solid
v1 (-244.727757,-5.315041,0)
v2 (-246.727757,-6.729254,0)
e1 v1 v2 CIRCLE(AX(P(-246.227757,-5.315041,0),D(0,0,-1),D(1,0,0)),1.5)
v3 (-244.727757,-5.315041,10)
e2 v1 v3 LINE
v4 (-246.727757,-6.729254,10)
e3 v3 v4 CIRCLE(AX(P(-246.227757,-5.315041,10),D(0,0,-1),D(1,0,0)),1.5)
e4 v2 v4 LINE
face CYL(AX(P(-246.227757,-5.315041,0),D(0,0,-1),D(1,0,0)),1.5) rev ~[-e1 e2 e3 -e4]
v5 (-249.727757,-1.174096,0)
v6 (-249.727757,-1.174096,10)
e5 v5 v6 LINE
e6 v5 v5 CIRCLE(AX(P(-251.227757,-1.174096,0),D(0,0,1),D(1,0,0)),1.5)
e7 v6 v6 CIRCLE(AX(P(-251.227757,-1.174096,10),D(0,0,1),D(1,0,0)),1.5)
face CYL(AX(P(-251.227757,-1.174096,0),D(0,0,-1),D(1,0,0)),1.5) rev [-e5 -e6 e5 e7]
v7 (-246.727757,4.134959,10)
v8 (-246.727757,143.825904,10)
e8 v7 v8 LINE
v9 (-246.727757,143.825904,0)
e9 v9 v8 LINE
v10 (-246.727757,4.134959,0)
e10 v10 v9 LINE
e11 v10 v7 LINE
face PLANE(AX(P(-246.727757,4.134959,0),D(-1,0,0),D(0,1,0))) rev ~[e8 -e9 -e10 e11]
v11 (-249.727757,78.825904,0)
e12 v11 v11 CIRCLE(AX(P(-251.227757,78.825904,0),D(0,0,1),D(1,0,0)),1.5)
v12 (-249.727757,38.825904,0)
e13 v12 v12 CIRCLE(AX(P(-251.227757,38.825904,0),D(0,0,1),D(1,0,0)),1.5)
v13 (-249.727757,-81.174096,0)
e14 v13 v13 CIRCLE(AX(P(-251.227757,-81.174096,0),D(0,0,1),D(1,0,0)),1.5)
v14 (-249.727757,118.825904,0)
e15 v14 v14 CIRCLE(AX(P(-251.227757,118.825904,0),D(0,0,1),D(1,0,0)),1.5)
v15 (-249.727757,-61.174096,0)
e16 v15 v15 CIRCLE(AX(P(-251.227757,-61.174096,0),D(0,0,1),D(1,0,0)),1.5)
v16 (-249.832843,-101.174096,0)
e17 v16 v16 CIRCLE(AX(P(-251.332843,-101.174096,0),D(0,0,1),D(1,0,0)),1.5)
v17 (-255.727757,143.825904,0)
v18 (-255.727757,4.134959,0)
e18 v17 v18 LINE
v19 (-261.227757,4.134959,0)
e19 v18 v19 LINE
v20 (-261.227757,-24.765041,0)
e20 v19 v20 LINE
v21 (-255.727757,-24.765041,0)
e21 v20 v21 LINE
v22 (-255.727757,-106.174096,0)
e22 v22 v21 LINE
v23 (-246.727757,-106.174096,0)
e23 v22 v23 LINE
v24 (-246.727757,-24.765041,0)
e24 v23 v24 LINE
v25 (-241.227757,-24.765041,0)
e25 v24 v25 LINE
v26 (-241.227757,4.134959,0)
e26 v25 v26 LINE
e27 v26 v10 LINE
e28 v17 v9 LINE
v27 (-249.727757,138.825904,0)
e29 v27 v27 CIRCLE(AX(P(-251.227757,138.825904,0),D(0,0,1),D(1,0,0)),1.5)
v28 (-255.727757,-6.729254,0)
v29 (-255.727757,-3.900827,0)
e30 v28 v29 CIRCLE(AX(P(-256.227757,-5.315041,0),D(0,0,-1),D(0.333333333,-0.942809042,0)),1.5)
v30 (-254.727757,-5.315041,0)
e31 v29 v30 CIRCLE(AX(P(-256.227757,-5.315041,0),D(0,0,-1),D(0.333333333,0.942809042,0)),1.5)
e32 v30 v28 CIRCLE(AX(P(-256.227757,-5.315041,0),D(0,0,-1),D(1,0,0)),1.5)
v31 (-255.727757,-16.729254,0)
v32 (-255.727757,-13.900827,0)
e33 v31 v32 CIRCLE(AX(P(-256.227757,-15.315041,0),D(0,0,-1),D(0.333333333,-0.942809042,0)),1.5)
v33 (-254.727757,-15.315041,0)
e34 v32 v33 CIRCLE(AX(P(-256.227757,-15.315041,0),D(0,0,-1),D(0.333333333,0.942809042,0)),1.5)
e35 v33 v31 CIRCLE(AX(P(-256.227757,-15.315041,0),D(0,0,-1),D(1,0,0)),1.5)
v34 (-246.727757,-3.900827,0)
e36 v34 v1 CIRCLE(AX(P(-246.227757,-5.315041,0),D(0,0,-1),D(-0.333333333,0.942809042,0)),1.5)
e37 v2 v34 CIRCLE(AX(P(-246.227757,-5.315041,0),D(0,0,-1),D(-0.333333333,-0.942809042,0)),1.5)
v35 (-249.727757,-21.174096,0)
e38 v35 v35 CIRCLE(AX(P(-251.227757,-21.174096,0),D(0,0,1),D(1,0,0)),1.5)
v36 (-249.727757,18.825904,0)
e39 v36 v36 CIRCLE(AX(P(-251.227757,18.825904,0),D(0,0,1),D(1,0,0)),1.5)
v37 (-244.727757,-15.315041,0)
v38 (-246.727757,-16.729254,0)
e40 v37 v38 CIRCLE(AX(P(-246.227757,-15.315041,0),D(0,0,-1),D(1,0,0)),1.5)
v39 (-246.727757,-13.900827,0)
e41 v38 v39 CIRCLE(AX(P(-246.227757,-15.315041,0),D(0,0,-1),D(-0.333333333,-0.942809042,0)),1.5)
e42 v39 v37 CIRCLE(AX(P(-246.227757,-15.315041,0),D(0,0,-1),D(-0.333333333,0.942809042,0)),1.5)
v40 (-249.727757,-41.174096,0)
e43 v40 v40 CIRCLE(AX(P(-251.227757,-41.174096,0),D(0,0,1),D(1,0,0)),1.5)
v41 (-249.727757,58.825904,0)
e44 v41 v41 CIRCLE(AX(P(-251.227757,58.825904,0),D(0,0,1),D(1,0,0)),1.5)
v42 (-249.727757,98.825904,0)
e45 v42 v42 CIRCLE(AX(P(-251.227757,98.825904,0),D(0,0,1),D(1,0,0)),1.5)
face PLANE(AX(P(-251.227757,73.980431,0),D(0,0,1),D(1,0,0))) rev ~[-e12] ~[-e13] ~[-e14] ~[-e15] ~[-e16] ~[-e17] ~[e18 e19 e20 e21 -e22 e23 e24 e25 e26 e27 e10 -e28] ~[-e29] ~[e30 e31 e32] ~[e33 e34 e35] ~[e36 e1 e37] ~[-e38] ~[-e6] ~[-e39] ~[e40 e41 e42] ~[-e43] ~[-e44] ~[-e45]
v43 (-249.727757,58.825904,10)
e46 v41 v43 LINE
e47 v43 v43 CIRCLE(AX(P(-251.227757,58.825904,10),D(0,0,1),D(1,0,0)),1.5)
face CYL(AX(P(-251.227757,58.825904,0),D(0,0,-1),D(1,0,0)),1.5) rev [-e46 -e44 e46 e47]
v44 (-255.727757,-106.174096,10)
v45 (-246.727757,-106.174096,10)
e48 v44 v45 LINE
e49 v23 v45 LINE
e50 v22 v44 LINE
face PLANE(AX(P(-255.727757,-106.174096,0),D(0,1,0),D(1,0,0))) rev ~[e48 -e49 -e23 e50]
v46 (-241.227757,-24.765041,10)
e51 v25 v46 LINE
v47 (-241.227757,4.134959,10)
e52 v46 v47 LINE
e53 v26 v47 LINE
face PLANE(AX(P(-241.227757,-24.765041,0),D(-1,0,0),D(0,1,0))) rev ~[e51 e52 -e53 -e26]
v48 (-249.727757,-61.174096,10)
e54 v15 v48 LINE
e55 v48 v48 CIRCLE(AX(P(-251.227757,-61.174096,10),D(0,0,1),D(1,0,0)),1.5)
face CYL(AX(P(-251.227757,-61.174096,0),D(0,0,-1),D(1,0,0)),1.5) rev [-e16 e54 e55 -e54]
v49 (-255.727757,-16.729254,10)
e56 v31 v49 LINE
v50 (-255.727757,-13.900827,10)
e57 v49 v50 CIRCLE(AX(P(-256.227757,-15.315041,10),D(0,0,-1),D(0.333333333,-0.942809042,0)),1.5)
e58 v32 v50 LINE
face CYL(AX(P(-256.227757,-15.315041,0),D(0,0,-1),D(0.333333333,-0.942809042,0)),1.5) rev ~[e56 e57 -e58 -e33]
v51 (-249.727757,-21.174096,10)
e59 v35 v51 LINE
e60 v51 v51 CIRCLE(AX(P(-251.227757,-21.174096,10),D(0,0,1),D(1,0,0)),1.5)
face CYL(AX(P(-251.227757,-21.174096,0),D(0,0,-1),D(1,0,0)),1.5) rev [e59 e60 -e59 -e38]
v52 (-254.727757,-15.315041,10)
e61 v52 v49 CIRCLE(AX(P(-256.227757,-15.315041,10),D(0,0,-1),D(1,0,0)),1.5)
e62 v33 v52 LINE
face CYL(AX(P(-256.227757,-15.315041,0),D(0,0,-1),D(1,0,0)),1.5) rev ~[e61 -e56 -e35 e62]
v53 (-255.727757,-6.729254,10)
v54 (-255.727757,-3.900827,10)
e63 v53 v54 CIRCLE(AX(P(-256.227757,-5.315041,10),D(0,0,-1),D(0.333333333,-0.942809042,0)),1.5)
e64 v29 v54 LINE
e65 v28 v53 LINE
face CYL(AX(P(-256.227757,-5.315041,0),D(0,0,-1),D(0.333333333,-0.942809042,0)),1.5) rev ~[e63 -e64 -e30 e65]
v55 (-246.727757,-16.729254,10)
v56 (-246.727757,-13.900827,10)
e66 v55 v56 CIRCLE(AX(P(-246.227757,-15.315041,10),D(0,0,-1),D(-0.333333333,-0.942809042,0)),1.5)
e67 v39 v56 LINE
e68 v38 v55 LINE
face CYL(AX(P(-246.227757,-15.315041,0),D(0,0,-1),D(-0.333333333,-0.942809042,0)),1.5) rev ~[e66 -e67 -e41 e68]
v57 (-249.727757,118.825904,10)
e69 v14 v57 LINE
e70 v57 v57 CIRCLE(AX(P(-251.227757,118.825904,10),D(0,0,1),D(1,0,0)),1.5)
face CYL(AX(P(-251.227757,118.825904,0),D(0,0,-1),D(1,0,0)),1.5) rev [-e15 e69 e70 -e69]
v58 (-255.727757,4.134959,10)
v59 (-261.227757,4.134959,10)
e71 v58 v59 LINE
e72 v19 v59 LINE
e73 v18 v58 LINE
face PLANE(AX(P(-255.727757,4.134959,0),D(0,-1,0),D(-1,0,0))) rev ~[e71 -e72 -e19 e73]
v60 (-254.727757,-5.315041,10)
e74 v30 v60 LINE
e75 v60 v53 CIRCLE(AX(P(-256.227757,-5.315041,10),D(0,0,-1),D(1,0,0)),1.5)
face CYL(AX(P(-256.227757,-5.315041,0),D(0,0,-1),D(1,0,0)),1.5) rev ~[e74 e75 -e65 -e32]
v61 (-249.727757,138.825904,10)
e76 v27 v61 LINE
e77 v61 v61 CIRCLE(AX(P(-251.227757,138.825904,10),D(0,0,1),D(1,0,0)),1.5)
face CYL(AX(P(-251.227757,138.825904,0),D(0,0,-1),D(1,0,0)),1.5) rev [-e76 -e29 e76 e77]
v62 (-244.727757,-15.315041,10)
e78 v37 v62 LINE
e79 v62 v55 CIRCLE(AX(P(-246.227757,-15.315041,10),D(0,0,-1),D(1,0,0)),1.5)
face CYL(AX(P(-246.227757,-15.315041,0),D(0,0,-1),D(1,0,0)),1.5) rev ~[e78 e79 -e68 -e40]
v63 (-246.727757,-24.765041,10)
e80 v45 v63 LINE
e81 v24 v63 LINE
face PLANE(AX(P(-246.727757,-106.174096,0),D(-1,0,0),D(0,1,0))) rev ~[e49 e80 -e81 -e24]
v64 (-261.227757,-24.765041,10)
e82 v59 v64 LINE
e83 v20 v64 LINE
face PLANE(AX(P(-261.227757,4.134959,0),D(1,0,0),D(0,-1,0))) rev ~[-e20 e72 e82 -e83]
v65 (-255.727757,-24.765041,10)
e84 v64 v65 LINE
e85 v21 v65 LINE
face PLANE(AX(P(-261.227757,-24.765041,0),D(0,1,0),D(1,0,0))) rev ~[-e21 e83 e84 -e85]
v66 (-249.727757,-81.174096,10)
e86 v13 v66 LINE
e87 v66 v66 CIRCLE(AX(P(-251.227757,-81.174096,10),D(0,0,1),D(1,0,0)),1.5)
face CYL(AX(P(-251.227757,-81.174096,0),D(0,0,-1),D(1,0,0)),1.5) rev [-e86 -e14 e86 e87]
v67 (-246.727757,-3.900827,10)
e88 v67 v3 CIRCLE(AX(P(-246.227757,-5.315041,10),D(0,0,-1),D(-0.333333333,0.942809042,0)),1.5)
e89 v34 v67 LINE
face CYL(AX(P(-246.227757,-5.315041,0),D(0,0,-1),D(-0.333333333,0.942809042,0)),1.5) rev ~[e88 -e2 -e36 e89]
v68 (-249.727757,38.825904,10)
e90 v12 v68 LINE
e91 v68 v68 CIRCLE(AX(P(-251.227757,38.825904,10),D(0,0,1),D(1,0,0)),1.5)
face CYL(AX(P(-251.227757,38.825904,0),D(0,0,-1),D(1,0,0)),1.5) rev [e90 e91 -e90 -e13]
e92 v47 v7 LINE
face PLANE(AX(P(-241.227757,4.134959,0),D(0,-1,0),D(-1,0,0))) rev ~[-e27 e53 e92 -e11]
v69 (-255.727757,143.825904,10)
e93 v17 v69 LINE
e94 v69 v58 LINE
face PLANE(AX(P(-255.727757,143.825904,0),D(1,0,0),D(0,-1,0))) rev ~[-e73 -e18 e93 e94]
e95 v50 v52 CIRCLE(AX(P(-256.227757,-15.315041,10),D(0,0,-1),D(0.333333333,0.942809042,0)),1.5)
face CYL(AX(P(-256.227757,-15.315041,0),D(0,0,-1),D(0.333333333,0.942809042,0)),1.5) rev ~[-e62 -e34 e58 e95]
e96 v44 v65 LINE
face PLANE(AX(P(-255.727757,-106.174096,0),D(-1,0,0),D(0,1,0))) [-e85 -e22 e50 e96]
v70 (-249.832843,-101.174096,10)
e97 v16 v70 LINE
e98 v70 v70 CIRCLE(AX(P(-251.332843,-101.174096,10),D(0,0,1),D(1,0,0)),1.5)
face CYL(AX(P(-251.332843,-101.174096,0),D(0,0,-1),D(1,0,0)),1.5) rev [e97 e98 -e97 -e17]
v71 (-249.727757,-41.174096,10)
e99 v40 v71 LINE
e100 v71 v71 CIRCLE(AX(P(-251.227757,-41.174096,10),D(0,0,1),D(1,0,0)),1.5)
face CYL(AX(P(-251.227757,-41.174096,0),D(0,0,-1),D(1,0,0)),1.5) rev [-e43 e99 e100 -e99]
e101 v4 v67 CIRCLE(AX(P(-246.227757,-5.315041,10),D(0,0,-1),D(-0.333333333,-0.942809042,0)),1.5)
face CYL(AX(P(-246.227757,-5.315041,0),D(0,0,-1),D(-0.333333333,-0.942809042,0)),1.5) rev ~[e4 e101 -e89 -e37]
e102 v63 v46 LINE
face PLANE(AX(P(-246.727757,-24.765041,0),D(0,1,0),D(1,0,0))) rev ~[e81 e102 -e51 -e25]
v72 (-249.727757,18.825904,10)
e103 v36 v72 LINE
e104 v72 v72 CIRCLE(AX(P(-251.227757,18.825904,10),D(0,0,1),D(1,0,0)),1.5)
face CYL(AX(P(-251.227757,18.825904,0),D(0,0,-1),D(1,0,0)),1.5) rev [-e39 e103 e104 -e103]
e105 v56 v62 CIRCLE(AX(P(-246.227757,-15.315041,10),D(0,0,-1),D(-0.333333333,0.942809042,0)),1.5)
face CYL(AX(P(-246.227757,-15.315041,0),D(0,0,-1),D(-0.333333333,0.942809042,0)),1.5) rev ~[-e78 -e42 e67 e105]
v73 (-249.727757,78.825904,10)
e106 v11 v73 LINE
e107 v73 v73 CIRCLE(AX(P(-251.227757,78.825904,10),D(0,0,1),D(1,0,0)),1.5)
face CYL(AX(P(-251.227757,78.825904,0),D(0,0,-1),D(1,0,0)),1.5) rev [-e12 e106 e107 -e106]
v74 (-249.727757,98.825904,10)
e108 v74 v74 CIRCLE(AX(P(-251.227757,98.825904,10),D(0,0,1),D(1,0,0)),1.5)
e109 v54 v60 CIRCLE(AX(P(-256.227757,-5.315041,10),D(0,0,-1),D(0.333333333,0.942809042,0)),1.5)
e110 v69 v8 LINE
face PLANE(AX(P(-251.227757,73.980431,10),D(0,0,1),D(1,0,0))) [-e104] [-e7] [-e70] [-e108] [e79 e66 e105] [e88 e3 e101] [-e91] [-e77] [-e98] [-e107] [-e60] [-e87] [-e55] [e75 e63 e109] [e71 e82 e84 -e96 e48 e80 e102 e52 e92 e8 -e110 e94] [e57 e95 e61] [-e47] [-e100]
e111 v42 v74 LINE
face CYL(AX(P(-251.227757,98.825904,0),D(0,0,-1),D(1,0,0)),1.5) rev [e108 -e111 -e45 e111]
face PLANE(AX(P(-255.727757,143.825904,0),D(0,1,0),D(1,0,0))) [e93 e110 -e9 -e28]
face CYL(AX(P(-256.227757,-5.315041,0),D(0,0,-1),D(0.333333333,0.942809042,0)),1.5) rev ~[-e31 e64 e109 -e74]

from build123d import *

# Parameters (mm, degrees)
F0_W     = 9
F0_H     = 139.6909442604
F0_R     = 1.5
F0_H_2   = 81.4090557396
F1_DEPTH = 10


with BuildPart() as f1:
    # F0 (on Top) → F1 (new body)
    with BuildSketch(Plane.XY):
        with Locations((-251.2277567387, 73.9804314047)):
            Rectangle(F0_W, F0_H)
        with Locations((-251.2277567387, 18.8259035349)):
            Circle(F0_R, mode=Mode.SUBTRACT)
        with Locations((-251.2277567387, 38.8259035349)):
            Circle(F0_R, mode=Mode.SUBTRACT)
        with Locations((-251.2277567387, 58.8259035349)):
            Circle(F0_R, mode=Mode.SUBTRACT)
        with Locations((-251.2277567387, 78.8259035349)):
            Circle(F0_R, mode=Mode.SUBTRACT)
        with Locations((-251.2277567387, 98.8259035349)):
            Circle(F0_R, mode=Mode.SUBTRACT)
        with Locations((-251.2277567387, 118.8259035349)):
            Circle(F0_R, mode=Mode.SUBTRACT)
        with Locations((-251.2277567387, 138.8259035349)):
            Circle(F0_R, mode=Mode.SUBTRACT)
        with BuildLine():
            Line((-246.7277567387, 4.1349592745), (-255.7277567387, 4.1349592745))
            Line((-255.7277567387, 4.1349592745), (-255.7277567387, -3.9008271631))
            ThreePointArc((-255.7277567387, -3.9008271631), (-255.0030118673, -4.4490153217), (-254.7277567387, -5.3150407255))
            ThreePointArc((-254.7277567387, -5.3150407255), (-255.0030118673, -6.1810661293), (-255.7277567387, -6.7292542878))
            Line((-255.7277567387, -6.7292542878), (-255.7277567387, -13.9008271631))
            ThreePointArc((-255.7277567387, -13.9008271631), (-255.0030118673, -14.4490153217), (-254.7277567387, -15.3150407255))
            ThreePointArc((-254.7277567387, -15.3150407255), (-255.0030118673, -16.1810661293), (-255.7277567387, -16.7292542878))
            Line((-255.7277567387, -16.7292542878), (-255.7277567387, -24.7650407255))
            Line((-255.7277567387, -24.7650407255), (-246.7277567387, -24.7650407255))
            Line((-246.7277567387, -24.7650407255), (-246.7277567387, -16.7292542878))
            ThreePointArc((-246.7277567387, -16.7292542878), (-247.7277567387, -15.3150407255), (-246.7277567387, -13.9008271631))
            Line((-246.7277567387, -13.9008271631), (-246.7277567387, -6.7292542878))
            ThreePointArc((-246.7277567387, -6.7292542878), (-247.7277567387, -5.3150407255), (-246.7277567387, -3.9008271631))
            Line((-246.7277567387, -3.9008271631), (-246.7277567387, 4.1349592745))
        make_face()
        with Locations((-251.2277567387, -21.1740964651)):
            Circle(F0_R, mode=Mode.SUBTRACT)
        with Locations((-251.2277567387, -1.1740964651)):
            Circle(F0_R, mode=Mode.SUBTRACT)
        with BuildLine():
            Line((-255.7277567387, -3.9008271631), (-255.7277567387, 4.1349592745))
            Line((-255.7277567387, 4.1349592745), (-261.2277567387, 4.1349592745))
            Line((-261.2277567387, 4.1349592745), (-261.2277567387, -24.7650407255))
            Line((-261.2277567387, -24.7650407255), (-255.7277567387, -24.7650407255))
            Line((-255.7277567387, -24.7650407255), (-255.7277567387, -16.7292542878))
            ThreePointArc((-255.7277567387, -16.7292542878), (-257.7277567387, -15.3150407255), (-255.7277567387, -13.9008271631))
            Line((-255.7277567387, -13.9008271631), (-255.7277567387, -6.7292542878))
            ThreePointArc((-255.7277567387, -6.7292542878), (-257.7277567387, -5.3150407255), (-255.7277567387, -3.9008271631))
        make_face()
        with BuildLine():
            Line((-241.2277567387, 4.1349592745), (-246.7277567387, 4.1349592745))
            Line((-246.7277567387, 4.1349592745), (-246.7277567387, -3.9008271631))
            ThreePointArc((-246.7277567387, -3.9008271631), (-245.3617313349, -4.0902958541), (-244.7277567387, -5.3150407255))
            ThreePointArc((-244.7277567387, -5.3150407255), (-245.3617313349, -6.5397855969), (-246.7277567387, -6.7292542878))
            Line((-246.7277567387, -6.7292542878), (-246.7277567387, -13.9008271631))
            ThreePointArc((-246.7277567387, -13.9008271631), (-245.3617313349, -14.0902958541), (-244.7277567387, -15.3150407255))
            ThreePointArc((-244.7277567387, -15.3150407255), (-245.3617313349, -16.5397855969), (-246.7277567387, -16.7292542878))
            Line((-246.7277567387, -16.7292542878), (-246.7277567387, -24.7650407255))
            Line((-246.7277567387, -24.7650407255), (-241.2277567387, -24.7650407255))
            Line((-241.2277567387, -24.7650407255), (-241.2277567387, 4.1349592745))
        make_face()
        with Locations((-251.2277567387, -65.4695685953)):
            Rectangle(F0_W, F0_H_2)
        with Locations((-251.3328434825, -101.1740964651)):
            Circle(F0_R, mode=Mode.SUBTRACT)
        with Locations((-251.2277567387, -81.1740964651)):
            Circle(F0_R, mode=Mode.SUBTRACT)
        with Locations((-251.2277567387, -61.1740964651)):
            Circle(F0_R, mode=Mode.SUBTRACT)
        with Locations((-251.2277567387, -41.1740964651)):
            Circle(F0_R, mode=Mode.SUBTRACT)
    extrude(amount=F1_DEPTH)


solid = f1.part
